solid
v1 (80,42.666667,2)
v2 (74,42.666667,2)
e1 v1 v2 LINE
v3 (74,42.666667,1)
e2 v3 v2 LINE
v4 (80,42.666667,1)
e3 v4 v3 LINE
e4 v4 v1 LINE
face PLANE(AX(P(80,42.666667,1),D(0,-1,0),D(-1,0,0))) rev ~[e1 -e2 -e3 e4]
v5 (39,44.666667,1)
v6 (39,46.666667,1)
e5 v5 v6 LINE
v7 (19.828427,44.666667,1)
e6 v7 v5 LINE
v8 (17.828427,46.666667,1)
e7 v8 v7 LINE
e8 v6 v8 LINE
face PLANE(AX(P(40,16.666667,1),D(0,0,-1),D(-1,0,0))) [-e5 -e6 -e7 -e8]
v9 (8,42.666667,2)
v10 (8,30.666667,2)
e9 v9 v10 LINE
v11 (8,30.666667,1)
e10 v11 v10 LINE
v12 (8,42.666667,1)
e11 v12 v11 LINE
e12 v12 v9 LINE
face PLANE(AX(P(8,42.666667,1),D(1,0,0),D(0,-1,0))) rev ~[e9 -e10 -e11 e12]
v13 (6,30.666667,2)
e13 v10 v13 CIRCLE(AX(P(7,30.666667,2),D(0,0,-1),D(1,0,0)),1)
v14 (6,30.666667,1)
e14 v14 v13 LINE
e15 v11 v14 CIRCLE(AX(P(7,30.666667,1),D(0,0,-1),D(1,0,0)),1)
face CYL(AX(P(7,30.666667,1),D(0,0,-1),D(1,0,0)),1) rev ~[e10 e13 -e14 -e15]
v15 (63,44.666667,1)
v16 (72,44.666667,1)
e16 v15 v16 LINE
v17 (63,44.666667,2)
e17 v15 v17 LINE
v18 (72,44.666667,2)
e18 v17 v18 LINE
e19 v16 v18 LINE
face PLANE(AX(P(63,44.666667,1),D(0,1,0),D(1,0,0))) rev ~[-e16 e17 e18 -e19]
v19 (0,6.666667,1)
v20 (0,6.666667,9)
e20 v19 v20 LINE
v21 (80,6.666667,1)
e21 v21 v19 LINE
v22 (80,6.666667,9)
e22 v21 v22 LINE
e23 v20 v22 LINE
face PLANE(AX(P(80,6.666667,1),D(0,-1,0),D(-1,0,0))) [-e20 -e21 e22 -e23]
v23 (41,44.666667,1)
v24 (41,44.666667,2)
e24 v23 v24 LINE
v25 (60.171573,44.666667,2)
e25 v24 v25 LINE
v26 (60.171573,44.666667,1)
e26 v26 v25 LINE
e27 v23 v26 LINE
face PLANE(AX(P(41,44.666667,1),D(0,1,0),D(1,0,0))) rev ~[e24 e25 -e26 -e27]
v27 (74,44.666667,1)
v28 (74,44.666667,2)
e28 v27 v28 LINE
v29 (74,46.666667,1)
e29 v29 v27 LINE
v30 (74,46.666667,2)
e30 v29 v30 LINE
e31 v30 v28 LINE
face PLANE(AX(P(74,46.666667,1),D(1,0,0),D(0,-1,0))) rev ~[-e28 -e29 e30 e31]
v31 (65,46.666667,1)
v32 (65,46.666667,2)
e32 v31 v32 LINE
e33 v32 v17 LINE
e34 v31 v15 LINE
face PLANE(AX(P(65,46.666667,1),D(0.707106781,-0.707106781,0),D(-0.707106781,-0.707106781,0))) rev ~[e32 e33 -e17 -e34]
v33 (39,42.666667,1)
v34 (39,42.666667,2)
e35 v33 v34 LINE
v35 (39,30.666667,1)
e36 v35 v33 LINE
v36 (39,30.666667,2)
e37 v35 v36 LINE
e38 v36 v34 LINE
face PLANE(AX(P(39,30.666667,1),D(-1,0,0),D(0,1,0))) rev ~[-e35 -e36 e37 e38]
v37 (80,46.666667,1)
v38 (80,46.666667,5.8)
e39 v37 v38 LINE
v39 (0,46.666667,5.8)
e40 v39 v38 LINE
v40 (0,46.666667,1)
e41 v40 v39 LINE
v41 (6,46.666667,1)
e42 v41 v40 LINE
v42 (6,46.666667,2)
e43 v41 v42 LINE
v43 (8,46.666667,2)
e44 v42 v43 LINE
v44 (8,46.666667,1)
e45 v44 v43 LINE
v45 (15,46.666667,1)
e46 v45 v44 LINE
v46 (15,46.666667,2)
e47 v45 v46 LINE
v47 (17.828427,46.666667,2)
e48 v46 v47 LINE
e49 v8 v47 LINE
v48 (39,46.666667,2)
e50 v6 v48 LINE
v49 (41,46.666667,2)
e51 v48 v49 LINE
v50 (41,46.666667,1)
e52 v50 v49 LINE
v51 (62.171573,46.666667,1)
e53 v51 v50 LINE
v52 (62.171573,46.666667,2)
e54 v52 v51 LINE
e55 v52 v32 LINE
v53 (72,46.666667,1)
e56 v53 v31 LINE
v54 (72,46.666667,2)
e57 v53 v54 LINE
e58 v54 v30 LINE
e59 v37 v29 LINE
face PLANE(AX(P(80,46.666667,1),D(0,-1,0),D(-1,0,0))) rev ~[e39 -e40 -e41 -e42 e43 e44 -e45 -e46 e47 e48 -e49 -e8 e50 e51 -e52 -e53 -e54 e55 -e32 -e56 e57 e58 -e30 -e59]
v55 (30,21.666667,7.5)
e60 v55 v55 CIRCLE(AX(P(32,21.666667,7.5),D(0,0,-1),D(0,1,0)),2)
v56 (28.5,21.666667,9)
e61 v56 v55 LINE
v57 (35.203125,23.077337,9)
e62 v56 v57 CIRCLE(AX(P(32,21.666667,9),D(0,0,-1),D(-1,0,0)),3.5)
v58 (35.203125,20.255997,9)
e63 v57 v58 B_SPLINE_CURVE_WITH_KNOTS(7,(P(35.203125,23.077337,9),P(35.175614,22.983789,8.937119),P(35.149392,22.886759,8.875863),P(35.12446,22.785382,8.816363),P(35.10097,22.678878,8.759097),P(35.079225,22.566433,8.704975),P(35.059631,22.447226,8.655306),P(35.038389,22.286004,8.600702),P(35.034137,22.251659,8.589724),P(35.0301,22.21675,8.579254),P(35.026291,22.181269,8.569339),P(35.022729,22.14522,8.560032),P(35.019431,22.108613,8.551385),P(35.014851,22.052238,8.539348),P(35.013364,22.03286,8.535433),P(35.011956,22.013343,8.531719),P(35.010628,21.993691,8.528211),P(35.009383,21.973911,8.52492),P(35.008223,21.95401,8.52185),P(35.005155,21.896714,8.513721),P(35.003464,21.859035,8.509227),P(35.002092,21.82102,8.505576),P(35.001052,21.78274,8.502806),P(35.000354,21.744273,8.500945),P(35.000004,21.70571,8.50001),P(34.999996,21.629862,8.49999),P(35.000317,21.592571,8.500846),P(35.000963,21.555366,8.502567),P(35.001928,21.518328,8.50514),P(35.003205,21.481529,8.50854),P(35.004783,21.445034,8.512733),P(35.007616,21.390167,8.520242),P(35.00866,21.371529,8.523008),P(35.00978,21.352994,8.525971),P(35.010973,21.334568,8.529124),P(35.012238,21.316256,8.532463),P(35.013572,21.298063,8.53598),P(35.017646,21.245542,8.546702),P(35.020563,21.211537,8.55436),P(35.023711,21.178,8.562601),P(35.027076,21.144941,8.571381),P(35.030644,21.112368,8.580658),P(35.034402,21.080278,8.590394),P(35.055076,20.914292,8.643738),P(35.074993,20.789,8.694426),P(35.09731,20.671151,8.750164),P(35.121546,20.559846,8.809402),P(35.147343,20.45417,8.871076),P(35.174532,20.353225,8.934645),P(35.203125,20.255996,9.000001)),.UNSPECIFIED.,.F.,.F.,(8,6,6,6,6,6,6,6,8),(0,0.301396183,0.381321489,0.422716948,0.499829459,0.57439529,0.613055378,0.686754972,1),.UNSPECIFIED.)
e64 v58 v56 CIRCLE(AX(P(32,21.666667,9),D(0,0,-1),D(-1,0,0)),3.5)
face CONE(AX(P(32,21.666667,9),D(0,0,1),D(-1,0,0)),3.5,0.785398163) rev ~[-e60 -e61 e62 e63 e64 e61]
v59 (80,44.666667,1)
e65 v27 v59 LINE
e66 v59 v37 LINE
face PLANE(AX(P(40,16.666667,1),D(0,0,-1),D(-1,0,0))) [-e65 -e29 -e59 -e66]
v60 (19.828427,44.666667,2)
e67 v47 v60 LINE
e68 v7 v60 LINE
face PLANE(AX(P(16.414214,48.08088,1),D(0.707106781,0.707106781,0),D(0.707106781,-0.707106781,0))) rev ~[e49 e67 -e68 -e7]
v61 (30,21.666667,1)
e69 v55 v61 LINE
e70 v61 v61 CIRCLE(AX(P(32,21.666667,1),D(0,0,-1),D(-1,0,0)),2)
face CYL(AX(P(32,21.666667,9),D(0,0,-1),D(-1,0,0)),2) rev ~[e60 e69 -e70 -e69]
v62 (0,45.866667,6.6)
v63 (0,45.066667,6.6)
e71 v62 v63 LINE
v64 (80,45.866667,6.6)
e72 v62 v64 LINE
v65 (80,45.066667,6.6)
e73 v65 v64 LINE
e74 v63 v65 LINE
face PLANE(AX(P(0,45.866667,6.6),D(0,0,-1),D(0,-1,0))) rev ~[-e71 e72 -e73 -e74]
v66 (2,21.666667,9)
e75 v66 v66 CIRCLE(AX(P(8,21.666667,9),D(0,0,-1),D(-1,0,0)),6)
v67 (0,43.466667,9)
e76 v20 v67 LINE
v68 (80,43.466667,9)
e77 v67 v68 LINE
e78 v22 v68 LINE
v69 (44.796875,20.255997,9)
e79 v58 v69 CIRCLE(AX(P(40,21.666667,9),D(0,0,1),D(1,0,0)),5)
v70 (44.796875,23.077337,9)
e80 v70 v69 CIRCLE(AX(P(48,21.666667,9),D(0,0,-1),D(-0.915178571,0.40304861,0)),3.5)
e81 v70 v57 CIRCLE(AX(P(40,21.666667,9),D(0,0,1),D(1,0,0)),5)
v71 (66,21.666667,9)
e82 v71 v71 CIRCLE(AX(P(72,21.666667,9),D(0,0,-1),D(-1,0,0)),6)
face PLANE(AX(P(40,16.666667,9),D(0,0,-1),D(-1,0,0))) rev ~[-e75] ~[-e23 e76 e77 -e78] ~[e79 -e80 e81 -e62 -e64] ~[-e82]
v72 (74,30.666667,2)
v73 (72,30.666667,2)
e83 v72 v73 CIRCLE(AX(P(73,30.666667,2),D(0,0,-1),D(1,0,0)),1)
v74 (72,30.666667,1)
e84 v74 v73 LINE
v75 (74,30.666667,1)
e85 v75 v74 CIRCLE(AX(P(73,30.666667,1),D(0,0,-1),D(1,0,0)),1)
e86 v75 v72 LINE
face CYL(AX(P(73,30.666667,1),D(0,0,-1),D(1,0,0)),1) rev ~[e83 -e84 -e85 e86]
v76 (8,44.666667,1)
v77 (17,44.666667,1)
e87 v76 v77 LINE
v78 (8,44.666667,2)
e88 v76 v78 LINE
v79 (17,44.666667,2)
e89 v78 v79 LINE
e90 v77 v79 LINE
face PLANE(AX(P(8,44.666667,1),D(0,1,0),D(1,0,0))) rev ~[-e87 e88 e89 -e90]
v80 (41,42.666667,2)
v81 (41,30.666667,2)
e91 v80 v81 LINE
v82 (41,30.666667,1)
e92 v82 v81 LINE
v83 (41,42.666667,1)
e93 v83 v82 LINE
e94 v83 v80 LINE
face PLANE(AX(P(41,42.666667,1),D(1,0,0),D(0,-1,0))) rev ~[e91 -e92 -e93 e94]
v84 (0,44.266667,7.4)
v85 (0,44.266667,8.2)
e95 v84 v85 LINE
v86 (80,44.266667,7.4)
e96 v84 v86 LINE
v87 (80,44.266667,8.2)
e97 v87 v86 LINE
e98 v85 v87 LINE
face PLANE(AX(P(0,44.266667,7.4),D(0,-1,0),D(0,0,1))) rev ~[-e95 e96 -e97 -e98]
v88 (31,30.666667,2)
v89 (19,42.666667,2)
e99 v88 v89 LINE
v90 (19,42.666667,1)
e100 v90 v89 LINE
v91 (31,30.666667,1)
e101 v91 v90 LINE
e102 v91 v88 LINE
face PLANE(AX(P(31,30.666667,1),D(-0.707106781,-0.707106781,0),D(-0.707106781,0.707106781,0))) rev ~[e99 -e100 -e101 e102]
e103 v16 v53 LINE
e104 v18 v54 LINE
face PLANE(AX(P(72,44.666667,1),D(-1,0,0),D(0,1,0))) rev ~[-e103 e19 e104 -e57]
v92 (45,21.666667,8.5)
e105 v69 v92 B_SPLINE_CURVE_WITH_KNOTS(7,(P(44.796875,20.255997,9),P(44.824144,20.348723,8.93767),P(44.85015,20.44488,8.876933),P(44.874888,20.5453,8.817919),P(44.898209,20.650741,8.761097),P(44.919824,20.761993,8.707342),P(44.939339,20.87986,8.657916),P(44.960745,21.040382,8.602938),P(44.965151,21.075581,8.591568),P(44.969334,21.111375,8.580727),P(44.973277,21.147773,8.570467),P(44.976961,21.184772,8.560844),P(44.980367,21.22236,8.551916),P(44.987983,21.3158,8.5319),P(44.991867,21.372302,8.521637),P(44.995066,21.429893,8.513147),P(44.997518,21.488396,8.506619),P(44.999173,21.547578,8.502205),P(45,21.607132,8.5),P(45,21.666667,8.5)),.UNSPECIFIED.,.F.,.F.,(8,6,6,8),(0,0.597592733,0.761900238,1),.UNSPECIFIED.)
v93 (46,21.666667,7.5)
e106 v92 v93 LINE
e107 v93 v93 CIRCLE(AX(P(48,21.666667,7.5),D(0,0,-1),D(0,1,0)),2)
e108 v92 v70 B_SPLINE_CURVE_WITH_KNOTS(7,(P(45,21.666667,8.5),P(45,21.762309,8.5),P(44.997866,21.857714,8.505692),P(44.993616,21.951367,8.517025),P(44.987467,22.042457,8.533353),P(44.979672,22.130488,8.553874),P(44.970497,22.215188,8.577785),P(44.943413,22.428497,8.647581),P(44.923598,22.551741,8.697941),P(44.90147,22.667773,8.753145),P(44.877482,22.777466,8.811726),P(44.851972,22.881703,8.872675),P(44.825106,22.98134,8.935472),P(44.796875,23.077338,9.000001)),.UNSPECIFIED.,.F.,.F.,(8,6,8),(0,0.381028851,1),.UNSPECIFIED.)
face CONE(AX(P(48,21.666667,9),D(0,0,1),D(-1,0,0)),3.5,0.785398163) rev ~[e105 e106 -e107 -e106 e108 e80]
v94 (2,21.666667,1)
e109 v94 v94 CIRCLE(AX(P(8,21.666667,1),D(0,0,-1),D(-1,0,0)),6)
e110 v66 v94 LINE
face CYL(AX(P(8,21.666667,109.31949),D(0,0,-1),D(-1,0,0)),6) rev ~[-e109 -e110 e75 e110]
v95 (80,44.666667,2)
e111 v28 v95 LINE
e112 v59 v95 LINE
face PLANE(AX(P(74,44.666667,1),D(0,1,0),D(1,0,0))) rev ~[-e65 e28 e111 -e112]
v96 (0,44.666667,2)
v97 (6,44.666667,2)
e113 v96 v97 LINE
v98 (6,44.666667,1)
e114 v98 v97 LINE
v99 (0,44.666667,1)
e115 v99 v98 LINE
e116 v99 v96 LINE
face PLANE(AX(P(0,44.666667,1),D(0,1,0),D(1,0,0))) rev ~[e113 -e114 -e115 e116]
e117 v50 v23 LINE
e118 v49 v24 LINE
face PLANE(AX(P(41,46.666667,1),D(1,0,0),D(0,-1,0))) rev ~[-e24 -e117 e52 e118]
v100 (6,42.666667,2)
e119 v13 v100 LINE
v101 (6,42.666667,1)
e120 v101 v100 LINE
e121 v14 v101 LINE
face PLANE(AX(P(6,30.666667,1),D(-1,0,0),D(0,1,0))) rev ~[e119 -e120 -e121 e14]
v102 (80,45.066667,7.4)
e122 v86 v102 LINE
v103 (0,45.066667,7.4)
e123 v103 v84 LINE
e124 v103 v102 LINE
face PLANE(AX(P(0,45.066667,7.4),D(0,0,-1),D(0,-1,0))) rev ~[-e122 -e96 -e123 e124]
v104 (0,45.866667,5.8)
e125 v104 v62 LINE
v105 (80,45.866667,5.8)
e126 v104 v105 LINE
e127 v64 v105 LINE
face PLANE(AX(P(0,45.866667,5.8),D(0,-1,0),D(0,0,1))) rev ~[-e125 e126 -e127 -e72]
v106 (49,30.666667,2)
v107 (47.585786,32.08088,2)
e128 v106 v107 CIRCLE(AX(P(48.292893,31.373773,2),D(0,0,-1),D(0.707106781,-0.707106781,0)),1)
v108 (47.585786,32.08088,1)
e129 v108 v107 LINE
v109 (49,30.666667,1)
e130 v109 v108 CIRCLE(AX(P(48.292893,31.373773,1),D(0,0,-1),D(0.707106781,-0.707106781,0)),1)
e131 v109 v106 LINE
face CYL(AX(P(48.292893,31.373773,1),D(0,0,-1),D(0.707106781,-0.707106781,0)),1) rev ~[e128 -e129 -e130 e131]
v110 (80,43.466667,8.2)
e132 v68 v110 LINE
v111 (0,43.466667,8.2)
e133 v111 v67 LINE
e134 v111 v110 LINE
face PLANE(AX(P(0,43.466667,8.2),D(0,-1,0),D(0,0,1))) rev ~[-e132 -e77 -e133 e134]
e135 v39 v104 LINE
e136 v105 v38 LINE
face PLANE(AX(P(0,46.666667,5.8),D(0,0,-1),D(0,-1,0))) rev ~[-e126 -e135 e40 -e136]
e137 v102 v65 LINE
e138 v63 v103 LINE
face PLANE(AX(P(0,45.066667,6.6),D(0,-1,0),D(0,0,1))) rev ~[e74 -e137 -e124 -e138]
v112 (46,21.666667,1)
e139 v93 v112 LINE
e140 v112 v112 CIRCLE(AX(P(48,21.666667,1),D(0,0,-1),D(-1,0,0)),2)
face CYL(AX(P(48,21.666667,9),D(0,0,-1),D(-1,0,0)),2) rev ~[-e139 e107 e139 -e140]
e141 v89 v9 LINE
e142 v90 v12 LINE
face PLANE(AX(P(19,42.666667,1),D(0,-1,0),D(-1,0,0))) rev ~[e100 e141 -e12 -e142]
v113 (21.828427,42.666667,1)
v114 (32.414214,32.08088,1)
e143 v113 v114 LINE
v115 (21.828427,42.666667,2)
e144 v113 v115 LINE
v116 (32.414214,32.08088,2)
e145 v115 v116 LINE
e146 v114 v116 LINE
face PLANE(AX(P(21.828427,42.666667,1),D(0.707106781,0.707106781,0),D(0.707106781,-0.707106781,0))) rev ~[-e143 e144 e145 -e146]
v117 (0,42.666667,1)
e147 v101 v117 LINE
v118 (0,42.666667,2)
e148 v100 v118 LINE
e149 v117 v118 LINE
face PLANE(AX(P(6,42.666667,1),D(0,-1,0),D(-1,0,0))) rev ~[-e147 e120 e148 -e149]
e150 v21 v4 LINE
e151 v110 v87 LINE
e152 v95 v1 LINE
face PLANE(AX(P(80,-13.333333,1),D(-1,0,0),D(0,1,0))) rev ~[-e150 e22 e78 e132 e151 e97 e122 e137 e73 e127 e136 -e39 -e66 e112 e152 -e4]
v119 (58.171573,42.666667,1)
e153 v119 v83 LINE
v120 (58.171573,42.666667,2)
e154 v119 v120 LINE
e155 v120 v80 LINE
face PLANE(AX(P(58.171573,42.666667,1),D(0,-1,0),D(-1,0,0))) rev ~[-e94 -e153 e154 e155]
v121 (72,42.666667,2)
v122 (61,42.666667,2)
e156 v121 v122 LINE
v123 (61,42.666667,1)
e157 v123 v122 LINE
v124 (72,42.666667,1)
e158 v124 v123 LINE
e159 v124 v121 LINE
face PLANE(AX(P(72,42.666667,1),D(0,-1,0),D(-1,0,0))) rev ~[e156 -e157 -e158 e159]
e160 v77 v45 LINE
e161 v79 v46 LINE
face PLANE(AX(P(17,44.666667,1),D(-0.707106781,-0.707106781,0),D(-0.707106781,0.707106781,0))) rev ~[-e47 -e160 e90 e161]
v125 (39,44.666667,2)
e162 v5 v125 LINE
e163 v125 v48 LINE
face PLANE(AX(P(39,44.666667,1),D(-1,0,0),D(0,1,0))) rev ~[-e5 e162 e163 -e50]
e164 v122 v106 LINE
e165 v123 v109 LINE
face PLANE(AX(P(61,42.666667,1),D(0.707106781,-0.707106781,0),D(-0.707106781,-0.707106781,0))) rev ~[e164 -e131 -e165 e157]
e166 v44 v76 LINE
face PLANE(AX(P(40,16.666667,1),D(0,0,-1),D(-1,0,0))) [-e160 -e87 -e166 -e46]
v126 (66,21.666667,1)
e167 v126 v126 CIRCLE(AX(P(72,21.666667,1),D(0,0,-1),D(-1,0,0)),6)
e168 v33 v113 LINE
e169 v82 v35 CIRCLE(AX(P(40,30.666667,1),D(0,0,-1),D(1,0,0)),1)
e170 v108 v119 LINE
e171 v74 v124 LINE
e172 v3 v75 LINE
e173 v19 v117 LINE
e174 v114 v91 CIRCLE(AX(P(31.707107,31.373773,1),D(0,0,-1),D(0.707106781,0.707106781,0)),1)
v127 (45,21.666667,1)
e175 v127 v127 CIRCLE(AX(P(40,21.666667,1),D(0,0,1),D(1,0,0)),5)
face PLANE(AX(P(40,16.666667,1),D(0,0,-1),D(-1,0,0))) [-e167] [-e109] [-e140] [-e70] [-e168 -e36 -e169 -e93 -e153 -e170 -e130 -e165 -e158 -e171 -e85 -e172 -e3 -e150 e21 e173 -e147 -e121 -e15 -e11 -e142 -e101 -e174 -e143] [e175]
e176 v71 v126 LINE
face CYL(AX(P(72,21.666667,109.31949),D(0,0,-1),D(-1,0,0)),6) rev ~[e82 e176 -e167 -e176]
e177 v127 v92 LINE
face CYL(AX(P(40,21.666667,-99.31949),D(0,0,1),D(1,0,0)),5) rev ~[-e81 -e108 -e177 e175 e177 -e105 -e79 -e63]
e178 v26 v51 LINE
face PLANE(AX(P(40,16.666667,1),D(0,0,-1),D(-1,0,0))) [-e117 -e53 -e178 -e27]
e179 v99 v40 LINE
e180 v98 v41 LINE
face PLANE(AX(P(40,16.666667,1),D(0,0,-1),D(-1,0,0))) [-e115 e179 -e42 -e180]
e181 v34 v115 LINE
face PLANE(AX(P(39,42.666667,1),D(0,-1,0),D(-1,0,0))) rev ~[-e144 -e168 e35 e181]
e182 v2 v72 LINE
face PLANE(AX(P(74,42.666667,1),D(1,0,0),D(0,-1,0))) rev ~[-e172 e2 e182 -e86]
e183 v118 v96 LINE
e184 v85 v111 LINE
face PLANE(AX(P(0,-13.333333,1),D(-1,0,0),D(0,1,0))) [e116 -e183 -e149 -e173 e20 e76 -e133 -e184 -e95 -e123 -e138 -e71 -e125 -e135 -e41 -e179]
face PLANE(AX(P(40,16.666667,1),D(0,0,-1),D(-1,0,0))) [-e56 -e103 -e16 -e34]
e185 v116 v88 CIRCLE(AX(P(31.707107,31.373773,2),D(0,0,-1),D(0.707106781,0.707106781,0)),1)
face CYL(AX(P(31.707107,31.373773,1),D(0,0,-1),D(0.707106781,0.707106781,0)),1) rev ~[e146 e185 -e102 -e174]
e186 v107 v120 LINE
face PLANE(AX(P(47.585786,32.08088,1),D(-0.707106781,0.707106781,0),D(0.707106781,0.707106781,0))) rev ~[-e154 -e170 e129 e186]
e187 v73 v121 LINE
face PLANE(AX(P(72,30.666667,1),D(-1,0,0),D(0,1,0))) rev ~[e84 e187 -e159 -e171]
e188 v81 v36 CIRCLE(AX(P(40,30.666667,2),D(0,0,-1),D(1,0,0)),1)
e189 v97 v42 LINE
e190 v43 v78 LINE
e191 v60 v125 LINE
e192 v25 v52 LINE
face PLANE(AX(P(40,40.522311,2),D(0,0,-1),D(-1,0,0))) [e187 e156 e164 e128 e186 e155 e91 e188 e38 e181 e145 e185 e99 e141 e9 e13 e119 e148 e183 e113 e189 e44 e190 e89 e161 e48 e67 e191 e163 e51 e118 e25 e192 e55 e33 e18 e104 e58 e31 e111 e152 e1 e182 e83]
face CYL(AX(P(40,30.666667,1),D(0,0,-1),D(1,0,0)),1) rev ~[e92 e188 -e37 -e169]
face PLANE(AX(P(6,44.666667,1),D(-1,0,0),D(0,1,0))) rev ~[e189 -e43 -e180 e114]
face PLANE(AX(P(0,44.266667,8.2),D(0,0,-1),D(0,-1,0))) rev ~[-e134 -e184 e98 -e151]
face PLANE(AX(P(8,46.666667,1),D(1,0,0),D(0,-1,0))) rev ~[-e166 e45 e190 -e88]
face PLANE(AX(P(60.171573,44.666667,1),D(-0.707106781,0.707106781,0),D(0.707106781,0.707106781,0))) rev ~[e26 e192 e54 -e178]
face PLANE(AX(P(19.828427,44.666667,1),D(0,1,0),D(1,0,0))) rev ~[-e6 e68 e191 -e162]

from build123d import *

# Parameters (mm, degrees)
SKETCH_1_W                     = 80
SKETCH_1_H                     = 60
EXTRUDE_1_DEPTH                = 8
HOLE_WIZARD_12_0_12_1_D        = 12
HOLE_WIZARD_10_0_10_2_D        = 10
HOLE_WIZARD_M3_5_1_D           = 4
HOLE_WIZARD_M3_5_1_CSINK_D     = 7
HOLE_WIZARD_M3_5_1_CSINK_ANGLE = 90
CUT_EXTRUDE_1_DEPTH            = 1
CUT_EXTRUDE_2_REACH            = 95.053
CUT_EXTRUDE_3_REACH            = 94.961
SKETCH_29_W                    = 80
SKETCH_29_H                    = 20


with BuildPart() as part:
    # 草图1 → 凸台-拉伸1 (new body)
    with BuildSketch(Plane(origin=(0, 0, 1), x_dir=(-1, 0, 0), z_dir=(0, 0, -1))):
        with Locations((-40, 16.666666667)):
            Rectangle(SKETCH_1_W, SKETCH_1_H)
    extrude(amount=-EXTRUDE_1_DEPTH)

    # Ø12.0 (12) 直径孔1 (through all)
    with Locations(Plane.XY.offset(9)):
        with Locations((72, 21.666666667), (8, 21.666666667)):
            Hole(HOLE_WIZARD_12_0_12_1_D / 2)

    # Ø10.0 (10) 直径孔2 (through all)
    with Locations(Plane(origin=(0, 0, 1), x_dir=(-1, 0, 0), z_dir=(0, 0, -1))):
        with Locations((-40, 21.666666667)):
            Hole(HOLE_WIZARD_10_0_10_2_D / 2)

    # M3.5 平头机械螺钉的锥形沉头孔1 (through all)
    with Locations(Plane.XY.offset(9)):
        with Locations((32, 21.666666667), (48, 21.666666667)):
            CounterSinkHole(HOLE_WIZARD_M3_5_1_D / 2, HOLE_WIZARD_M3_5_1_CSINK_D / 2, counter_sink_angle=HOLE_WIZARD_M3_5_1_CSINK_ANGLE)

    # 草图27 → 切除-拉伸1 (cut)
    with BuildSketch(Plane(origin=(0, 0, 1), x_dir=(-1, 0, 0), z_dir=(0, 0, -1))):
        with BuildLine():
            ThreePointArc((-41, 30.666666667), (-40, 29.666666667), (-39, 30.666666667))
            Line((-39, 30.666666667), (-39, 42.666666667))
            Line((-39, 42.666666667), (-21.828427125, 42.666666667))
            Line((-21.828427125, 42.666666667), (-32.414213562, 32.080880229))
            ThreePointArc((-32.414213562, 32.080880229), (-32.414213562, 30.666666667), (-31, 30.666666667))
            Line((-31, 30.666666667), (-19, 42.666666667))
            Line((-19, 42.666666667), (-8, 42.666666667))
            Line((-8, 42.666666667), (-8, 30.666666667))
            ThreePointArc((-8, 30.666666667), (-7, 29.666666667), (-6, 30.666666667))
            Line((-6, 30.666666667), (-6, 42.666666667))
            Line((-6, 42.666666667), (0, 42.666666667))
            Line((0, 42.666666667), (0, 44.666666667))
            Line((0, 44.666666667), (-6, 44.666666667))
            Line((-6, 44.666666667), (-6, 46.666666667))
            Line((-6, 46.666666667), (-8, 46.666666667))
            Line((-8, 46.666666667), (-8, 44.666666667))
            Line((-8, 44.666666667), (-17, 44.666666667))
            Line((-17, 44.666666667), (-15, 46.666666667))
            Line((-15, 46.666666667), (-16.414213562, 48.080880229))
            Line((-16.414213562, 48.080880229), (-19.828427125, 44.666666667))
            Line((-19.828427125, 44.666666667), (-39, 44.666666667))
            Line((-39, 44.666666667), (-39, 46.666666667))
            Line((-39, 46.666666667), (-41, 46.666666667))
            Line((-41, 46.666666667), (-41, 44.666666667))
            Line((-41, 44.666666667), (-60.171572875, 44.666666667))
            Line((-60.171572875, 44.666666667), (-63.585786438, 48.080880229))
            Line((-63.585786438, 48.080880229), (-65, 46.666666667))
            Line((-65, 46.666666667), (-63, 44.666666667))
            Line((-63, 44.666666667), (-72, 44.666666667))
            Line((-72, 44.666666667), (-72, 46.666666667))
            Line((-72, 46.666666667), (-74, 46.666666667))
            Line((-74, 46.666666667), (-74, 44.666666667))
            Line((-74, 44.666666667), (-80, 44.666666667))
            Line((-80, 44.666666667), (-80, 42.666666667))
            Line((-80, 42.666666667), (-74, 42.666666667))
            Line((-74, 42.666666667), (-74, 30.666666667))
            ThreePointArc((-74, 30.666666667), (-73, 29.666666667), (-72, 30.666666667))
            Line((-72, 30.666666667), (-72, 42.666666667))
            Line((-72, 42.666666667), (-61, 42.666666667))
            Line((-61, 42.666666667), (-49, 30.666666667))
            ThreePointArc((-49, 30.666666667), (-47.585786438, 30.666666667), (-47.585786438, 32.080880229))
            Line((-47.585786438, 32.080880229), (-58.171572875, 42.666666667))
            Line((-58.171572875, 42.666666667), (-41, 42.666666667))
            Line((-41, 42.666666667), (-41, 30.666666667))
        make_face()
    extrude(amount=-CUT_EXTRUDE_1_DEPTH, mode=Mode.SUBTRACT)

    # 草图28 → 切除-拉伸2 (cut, up to next)
    with BuildSketch(Plane.ZY, mode=Mode.PRIVATE) as cut_extrude_2_sk1:
        Polygon((9, 46.666666667), (5.8, 46.666666667), (5.8, 45.866666667), (6.6, 45.866666667), (6.6, 45.066666667), (7.4, 45.066666667), (7.4, 44.266666667), (8.2, 44.266666667), (8.2, 43.466666667), (9, 43.466666667), align=None)
    cut_extrude_2_tool1 = extrude(cut_extrude_2_sk1.sketch, amount=-CUT_EXTRUDE_2_REACH, mode=Mode.PRIVATE) & part.part
    add(cut_extrude_2_tool1.solids().sort_by_distance((0, 45.466667, 7.8))[0], mode=Mode.SUBTRACT)

    # 草图29 → 切除-拉伸3 (cut, up to next)
    with BuildSketch(Plane(origin=(0, 0, 1), x_dir=(-1, 0, 0), z_dir=(0, 0, -1)), mode=Mode.PRIVATE) as cut_extrude_3_sk1:
        with Locations((-40, -3.333333333)):
            Rectangle(SKETCH_29_W, SKETCH_29_H)
    cut_extrude_3_tool1 = extrude(cut_extrude_3_sk1.sketch, amount=-CUT_EXTRUDE_3_REACH, mode=Mode.PRIVATE) & part.part
    add(cut_extrude_3_tool1.solids().sort_by_distance((40, -3.333333, 1))[0], mode=Mode.SUBTRACT)


solid = part.part
